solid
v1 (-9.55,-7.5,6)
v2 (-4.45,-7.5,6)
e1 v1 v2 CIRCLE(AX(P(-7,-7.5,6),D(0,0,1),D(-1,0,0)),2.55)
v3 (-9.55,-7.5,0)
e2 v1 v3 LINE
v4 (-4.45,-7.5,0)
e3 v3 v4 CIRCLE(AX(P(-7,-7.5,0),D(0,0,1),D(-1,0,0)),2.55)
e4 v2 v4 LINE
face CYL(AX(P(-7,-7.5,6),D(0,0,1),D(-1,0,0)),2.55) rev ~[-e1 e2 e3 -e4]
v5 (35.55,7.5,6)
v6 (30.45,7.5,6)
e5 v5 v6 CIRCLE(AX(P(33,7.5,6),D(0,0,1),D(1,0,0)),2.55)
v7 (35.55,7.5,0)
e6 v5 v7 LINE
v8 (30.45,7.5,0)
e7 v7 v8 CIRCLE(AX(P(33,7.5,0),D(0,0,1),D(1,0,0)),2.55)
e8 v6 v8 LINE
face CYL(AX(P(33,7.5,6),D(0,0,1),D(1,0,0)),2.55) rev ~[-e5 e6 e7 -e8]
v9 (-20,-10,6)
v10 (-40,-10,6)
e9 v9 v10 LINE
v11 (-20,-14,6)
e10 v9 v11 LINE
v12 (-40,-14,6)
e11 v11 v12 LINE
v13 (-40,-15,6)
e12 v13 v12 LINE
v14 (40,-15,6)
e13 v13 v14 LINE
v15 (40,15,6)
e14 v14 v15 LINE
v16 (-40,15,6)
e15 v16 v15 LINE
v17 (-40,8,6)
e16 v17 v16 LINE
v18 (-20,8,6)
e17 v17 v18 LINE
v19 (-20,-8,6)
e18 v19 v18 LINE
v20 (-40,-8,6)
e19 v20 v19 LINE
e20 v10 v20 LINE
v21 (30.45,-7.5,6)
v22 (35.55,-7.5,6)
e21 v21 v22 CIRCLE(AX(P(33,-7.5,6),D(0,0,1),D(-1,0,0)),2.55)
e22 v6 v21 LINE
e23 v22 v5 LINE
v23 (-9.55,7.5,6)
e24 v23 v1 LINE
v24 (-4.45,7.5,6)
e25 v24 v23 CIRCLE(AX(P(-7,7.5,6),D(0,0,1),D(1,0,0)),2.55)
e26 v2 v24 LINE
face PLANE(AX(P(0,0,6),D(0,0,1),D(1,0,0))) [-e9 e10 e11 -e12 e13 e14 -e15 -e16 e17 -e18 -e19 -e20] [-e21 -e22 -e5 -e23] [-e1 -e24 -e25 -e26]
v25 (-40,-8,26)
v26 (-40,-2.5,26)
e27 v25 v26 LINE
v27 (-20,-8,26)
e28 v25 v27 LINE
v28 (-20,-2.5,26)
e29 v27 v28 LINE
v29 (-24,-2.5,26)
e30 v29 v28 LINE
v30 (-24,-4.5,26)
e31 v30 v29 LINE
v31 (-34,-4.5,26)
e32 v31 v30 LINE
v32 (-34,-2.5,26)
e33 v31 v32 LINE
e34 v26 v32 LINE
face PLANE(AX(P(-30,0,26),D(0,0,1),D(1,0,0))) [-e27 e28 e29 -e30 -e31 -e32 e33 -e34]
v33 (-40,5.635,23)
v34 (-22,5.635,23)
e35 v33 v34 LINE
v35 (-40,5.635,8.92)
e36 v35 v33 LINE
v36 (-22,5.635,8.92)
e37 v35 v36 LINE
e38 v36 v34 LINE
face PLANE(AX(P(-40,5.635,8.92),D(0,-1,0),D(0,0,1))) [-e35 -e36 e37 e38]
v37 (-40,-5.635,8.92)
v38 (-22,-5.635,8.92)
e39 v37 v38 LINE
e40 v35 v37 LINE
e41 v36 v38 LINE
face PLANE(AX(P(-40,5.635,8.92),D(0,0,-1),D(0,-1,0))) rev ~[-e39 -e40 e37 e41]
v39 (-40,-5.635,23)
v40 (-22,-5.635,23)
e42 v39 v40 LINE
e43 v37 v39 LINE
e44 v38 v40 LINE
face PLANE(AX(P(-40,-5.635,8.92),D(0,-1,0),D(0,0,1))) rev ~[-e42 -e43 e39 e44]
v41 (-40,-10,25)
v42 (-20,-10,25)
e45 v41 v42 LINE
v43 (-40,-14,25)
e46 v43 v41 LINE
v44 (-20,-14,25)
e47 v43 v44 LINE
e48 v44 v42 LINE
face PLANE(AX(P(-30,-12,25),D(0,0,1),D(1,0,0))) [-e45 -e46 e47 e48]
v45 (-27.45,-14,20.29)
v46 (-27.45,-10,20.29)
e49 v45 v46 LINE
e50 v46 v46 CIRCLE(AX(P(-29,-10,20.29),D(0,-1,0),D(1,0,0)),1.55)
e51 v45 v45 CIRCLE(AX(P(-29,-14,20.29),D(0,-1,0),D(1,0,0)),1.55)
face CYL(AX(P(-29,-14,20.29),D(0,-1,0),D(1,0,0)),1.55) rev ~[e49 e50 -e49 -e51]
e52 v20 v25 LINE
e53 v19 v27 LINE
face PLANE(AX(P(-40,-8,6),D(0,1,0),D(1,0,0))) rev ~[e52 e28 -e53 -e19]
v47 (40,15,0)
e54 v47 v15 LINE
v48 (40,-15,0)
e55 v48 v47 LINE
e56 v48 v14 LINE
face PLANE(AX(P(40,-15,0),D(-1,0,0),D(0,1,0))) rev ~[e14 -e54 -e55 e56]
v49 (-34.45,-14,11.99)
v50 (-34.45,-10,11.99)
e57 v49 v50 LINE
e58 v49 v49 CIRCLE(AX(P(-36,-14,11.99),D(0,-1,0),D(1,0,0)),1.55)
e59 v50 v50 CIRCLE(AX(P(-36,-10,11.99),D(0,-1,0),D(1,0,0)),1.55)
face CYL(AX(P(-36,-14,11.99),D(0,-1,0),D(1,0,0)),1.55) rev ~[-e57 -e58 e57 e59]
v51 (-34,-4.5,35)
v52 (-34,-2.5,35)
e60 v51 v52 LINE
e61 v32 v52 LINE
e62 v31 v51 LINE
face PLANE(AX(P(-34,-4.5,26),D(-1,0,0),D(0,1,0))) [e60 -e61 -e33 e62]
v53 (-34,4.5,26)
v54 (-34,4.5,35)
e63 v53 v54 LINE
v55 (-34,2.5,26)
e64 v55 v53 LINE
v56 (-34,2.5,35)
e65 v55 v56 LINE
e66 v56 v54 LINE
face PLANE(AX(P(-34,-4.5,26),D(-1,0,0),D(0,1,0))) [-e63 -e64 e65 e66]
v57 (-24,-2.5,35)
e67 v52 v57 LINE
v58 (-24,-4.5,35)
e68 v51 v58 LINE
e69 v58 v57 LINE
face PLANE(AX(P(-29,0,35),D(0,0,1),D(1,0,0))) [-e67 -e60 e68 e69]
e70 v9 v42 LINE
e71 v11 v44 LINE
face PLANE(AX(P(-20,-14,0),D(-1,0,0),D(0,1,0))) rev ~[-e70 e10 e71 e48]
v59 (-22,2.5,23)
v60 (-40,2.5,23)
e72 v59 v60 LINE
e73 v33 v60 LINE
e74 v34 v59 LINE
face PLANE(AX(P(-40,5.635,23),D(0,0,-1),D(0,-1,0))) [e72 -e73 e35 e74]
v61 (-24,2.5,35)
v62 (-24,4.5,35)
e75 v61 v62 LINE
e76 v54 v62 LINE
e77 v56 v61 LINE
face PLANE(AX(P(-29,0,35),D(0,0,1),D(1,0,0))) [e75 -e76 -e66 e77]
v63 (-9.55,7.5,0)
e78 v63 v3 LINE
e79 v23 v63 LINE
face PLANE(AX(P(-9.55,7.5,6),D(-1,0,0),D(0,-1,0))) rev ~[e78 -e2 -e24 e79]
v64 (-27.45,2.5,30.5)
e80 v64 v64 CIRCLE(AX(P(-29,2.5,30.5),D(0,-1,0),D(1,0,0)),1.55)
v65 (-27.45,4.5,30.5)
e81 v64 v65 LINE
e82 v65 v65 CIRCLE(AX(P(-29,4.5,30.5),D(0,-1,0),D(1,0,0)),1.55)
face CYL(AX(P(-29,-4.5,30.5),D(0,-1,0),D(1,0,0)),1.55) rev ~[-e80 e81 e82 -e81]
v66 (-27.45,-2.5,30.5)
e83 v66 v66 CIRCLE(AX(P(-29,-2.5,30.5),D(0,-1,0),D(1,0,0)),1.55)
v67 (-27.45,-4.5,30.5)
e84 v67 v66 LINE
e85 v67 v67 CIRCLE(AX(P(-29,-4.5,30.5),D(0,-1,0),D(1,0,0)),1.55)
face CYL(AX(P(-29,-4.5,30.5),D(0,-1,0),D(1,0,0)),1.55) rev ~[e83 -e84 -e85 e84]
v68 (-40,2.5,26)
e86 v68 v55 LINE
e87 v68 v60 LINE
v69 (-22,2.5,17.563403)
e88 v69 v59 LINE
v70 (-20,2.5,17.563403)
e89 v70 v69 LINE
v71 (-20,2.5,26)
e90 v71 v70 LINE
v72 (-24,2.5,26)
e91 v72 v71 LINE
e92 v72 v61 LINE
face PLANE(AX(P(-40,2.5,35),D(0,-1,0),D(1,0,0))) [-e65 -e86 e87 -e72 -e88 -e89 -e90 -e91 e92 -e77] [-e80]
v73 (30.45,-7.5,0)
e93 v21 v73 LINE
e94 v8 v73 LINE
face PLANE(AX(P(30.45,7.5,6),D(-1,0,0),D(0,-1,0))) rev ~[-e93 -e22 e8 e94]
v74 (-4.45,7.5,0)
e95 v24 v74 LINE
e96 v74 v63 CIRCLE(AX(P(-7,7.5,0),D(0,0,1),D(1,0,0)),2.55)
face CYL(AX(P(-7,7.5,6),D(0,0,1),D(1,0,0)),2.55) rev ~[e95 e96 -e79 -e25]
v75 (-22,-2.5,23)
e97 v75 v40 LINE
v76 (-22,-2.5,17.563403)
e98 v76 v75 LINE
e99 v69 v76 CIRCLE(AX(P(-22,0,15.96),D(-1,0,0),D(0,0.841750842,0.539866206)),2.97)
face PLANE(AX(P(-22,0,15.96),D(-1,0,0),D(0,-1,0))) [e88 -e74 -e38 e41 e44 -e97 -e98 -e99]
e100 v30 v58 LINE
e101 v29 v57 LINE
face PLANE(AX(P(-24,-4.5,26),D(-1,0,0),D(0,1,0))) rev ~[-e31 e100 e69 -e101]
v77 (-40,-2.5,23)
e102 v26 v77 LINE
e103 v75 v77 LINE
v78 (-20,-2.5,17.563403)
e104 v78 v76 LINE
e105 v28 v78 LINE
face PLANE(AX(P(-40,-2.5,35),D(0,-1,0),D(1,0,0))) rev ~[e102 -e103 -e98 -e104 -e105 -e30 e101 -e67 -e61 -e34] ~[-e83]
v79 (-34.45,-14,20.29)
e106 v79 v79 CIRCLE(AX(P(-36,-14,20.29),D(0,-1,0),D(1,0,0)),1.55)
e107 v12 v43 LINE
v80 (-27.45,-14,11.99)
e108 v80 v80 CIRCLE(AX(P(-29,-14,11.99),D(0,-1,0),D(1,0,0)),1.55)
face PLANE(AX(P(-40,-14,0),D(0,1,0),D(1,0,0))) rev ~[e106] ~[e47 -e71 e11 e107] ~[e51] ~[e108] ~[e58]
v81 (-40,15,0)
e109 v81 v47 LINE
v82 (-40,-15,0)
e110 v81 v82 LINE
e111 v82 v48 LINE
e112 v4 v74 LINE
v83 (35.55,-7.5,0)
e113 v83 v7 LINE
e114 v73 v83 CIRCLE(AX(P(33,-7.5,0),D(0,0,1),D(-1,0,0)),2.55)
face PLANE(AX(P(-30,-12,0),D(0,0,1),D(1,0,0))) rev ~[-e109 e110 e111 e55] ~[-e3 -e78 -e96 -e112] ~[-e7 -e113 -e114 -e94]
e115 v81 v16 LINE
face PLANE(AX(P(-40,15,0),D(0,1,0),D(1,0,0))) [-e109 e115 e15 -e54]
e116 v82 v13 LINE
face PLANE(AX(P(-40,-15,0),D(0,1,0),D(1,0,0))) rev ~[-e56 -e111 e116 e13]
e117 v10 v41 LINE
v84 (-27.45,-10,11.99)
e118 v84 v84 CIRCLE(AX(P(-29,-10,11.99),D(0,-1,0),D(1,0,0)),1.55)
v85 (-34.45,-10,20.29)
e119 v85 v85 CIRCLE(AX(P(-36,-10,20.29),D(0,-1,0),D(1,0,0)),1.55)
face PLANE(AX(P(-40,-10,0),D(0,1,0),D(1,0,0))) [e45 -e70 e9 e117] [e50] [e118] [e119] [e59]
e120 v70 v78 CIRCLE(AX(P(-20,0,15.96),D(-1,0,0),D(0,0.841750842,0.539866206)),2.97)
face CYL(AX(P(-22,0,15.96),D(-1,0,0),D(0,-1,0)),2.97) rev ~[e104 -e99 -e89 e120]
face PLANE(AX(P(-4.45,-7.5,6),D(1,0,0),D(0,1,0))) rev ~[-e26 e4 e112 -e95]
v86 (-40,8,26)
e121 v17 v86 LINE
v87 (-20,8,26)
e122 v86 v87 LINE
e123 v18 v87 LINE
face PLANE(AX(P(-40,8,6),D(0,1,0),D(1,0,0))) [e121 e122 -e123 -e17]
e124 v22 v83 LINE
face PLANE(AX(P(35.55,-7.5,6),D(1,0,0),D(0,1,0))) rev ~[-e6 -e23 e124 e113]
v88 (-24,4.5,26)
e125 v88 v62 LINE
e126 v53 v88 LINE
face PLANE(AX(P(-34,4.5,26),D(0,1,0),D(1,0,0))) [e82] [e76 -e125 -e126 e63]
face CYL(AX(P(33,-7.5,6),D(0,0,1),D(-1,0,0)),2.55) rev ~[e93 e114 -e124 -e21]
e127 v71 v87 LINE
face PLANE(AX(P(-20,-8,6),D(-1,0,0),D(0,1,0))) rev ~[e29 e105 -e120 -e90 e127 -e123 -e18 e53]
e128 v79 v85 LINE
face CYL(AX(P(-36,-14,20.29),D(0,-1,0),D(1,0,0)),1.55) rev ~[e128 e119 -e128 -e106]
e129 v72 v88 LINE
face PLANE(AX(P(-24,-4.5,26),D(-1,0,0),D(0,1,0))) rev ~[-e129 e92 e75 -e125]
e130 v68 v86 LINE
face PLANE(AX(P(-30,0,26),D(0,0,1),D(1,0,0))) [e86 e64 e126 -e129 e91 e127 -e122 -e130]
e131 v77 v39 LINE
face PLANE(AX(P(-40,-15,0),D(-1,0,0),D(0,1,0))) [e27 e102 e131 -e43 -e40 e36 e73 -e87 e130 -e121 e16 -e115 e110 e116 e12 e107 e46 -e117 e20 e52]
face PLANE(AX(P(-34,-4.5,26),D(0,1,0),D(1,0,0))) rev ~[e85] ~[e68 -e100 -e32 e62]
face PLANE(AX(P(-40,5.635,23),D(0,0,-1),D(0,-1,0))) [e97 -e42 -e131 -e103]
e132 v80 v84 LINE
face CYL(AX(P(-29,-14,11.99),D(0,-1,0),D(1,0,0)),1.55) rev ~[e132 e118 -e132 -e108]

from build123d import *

# Parameters (mm, degrees)
F0_W      = 80
F0_H      = 30
F1_DEPTH  = 6
F3_DEPTH  = 6.001
F4_W      = 20
F4_H      = 16
F5_DEPTH  = 20
F6_W      = 11.27
F6_H      = 14.08
F7_DEPTH  = 18
F8_R      = 2.97
F9_DEPTH  = 62.001
F10_W     = 10
F10_H     = 9
F11_DEPTH = 9
F12_R     = 1.55
F13_DEPTH = 19.501
F14_W     = 20
F14_H     = 5
F15_DEPTH = 19
F16_W     = 20
F16_H     = 4
F17_DEPTH = 25
F18_R     = 1.55
F19_DEPTH = 4


with BuildPart() as f1:
    # F0 (on Top) → F1 (new body)
    with BuildSketch(Plane.XY):
        Rectangle(F0_W, F0_H)
    extrude(amount=F1_DEPTH)

    # F2 (on face) → F3 (cut, through all)
    with BuildSketch(Plane.XY.offset(6)):
        with BuildLine():
            Line((35.55, -7.5), (35.55, 7.5))
            ThreePointArc((35.55, 7.5), (33, 10.05), (30.45, 7.5))
            Line((30.45, 7.5), (30.45, -7.5))
            ThreePointArc((30.45, -7.5), (33, -10.05), (35.55, -7.5))
        make_face()
        with BuildLine():
            Line((-4.45, -7.5), (-4.45, 7.5))
            ThreePointArc((-4.45, 7.5), (-7, 10.05), (-9.55, 7.5))
            Line((-9.55, 7.5), (-9.55, -7.5))
            ThreePointArc((-9.55, -7.5), (-7, -10.05), (-4.45, -7.5))
        make_face()
    extrude(amount=-F3_DEPTH, mode=Mode.SUBTRACT)

    # F4 (on face) → F5 (join)
    with BuildSketch(Plane.XY.offset(6)):
        with Locations((-30, 0)):
            Rectangle(F4_W, F4_H)
    extrude(amount=F5_DEPTH)

    # F6 (on face) → F7 (cut)
    with BuildSketch(Plane(origin=(-40, 0, 0), x_dir=(0, -1, 0), z_dir=(-1, 0, 0))):
        with Locations((0, 15.96)):
            Rectangle(F6_W, F6_H)
    extrude(amount=-F7_DEPTH, mode=Mode.SUBTRACT)

    # F8 (on face) → F9 (cut, through all)
    with BuildSketch(Plane(origin=(-22, 0, 0), x_dir=(0, -1, 0), z_dir=(-1, 0, 0))):
        with Locations((0, 15.96)):
            Circle(F8_R)
    extrude(amount=-F9_DEPTH, mode=Mode.SUBTRACT)

    # F10 (on face) → F11 (join)
    with BuildSketch(Plane.XY.offset(26)):
        with Locations((-29, 0)):
            Rectangle(F10_W, F10_H)
    extrude(amount=F11_DEPTH)

    # F12 (on face) → F13 (cut, through all)
    with BuildSketch(Plane.XZ.offset(4.5)):
        with Locations((-29, 30.5)):
            Circle(F12_R)
    extrude(amount=-F13_DEPTH, mode=Mode.SUBTRACT)

    # F14 (on face) → F15 (cut)
    with BuildSketch(Plane.XY.offset(35)):
        with Locations((-30, 0)):
            Rectangle(F14_W, F14_H)
    extrude(amount=-F15_DEPTH, mode=Mode.SUBTRACT)

    # F16 (on Top) → F17 (join)
    with BuildSketch(Plane.XY):
        with Locations((-30, -12)):
            Rectangle(F16_W, F16_H)
    extrude(amount=F17_DEPTH)

    # F18 (on face) → F19 (cut)
    with BuildSketch(Plane.XZ.offset(14)):
        with Locations((-36, 20.29)):
            Circle(F18_R)
        with Locations((-36, 11.99)):
            Circle(F18_R)
        with Locations((-29, 20.29)):
            Circle(F18_R)
        with Locations((-29, 11.99)):
            Circle(F18_R)
    extrude(amount=-F19_DEPTH, mode=Mode.SUBTRACT)


solid = f1.part
